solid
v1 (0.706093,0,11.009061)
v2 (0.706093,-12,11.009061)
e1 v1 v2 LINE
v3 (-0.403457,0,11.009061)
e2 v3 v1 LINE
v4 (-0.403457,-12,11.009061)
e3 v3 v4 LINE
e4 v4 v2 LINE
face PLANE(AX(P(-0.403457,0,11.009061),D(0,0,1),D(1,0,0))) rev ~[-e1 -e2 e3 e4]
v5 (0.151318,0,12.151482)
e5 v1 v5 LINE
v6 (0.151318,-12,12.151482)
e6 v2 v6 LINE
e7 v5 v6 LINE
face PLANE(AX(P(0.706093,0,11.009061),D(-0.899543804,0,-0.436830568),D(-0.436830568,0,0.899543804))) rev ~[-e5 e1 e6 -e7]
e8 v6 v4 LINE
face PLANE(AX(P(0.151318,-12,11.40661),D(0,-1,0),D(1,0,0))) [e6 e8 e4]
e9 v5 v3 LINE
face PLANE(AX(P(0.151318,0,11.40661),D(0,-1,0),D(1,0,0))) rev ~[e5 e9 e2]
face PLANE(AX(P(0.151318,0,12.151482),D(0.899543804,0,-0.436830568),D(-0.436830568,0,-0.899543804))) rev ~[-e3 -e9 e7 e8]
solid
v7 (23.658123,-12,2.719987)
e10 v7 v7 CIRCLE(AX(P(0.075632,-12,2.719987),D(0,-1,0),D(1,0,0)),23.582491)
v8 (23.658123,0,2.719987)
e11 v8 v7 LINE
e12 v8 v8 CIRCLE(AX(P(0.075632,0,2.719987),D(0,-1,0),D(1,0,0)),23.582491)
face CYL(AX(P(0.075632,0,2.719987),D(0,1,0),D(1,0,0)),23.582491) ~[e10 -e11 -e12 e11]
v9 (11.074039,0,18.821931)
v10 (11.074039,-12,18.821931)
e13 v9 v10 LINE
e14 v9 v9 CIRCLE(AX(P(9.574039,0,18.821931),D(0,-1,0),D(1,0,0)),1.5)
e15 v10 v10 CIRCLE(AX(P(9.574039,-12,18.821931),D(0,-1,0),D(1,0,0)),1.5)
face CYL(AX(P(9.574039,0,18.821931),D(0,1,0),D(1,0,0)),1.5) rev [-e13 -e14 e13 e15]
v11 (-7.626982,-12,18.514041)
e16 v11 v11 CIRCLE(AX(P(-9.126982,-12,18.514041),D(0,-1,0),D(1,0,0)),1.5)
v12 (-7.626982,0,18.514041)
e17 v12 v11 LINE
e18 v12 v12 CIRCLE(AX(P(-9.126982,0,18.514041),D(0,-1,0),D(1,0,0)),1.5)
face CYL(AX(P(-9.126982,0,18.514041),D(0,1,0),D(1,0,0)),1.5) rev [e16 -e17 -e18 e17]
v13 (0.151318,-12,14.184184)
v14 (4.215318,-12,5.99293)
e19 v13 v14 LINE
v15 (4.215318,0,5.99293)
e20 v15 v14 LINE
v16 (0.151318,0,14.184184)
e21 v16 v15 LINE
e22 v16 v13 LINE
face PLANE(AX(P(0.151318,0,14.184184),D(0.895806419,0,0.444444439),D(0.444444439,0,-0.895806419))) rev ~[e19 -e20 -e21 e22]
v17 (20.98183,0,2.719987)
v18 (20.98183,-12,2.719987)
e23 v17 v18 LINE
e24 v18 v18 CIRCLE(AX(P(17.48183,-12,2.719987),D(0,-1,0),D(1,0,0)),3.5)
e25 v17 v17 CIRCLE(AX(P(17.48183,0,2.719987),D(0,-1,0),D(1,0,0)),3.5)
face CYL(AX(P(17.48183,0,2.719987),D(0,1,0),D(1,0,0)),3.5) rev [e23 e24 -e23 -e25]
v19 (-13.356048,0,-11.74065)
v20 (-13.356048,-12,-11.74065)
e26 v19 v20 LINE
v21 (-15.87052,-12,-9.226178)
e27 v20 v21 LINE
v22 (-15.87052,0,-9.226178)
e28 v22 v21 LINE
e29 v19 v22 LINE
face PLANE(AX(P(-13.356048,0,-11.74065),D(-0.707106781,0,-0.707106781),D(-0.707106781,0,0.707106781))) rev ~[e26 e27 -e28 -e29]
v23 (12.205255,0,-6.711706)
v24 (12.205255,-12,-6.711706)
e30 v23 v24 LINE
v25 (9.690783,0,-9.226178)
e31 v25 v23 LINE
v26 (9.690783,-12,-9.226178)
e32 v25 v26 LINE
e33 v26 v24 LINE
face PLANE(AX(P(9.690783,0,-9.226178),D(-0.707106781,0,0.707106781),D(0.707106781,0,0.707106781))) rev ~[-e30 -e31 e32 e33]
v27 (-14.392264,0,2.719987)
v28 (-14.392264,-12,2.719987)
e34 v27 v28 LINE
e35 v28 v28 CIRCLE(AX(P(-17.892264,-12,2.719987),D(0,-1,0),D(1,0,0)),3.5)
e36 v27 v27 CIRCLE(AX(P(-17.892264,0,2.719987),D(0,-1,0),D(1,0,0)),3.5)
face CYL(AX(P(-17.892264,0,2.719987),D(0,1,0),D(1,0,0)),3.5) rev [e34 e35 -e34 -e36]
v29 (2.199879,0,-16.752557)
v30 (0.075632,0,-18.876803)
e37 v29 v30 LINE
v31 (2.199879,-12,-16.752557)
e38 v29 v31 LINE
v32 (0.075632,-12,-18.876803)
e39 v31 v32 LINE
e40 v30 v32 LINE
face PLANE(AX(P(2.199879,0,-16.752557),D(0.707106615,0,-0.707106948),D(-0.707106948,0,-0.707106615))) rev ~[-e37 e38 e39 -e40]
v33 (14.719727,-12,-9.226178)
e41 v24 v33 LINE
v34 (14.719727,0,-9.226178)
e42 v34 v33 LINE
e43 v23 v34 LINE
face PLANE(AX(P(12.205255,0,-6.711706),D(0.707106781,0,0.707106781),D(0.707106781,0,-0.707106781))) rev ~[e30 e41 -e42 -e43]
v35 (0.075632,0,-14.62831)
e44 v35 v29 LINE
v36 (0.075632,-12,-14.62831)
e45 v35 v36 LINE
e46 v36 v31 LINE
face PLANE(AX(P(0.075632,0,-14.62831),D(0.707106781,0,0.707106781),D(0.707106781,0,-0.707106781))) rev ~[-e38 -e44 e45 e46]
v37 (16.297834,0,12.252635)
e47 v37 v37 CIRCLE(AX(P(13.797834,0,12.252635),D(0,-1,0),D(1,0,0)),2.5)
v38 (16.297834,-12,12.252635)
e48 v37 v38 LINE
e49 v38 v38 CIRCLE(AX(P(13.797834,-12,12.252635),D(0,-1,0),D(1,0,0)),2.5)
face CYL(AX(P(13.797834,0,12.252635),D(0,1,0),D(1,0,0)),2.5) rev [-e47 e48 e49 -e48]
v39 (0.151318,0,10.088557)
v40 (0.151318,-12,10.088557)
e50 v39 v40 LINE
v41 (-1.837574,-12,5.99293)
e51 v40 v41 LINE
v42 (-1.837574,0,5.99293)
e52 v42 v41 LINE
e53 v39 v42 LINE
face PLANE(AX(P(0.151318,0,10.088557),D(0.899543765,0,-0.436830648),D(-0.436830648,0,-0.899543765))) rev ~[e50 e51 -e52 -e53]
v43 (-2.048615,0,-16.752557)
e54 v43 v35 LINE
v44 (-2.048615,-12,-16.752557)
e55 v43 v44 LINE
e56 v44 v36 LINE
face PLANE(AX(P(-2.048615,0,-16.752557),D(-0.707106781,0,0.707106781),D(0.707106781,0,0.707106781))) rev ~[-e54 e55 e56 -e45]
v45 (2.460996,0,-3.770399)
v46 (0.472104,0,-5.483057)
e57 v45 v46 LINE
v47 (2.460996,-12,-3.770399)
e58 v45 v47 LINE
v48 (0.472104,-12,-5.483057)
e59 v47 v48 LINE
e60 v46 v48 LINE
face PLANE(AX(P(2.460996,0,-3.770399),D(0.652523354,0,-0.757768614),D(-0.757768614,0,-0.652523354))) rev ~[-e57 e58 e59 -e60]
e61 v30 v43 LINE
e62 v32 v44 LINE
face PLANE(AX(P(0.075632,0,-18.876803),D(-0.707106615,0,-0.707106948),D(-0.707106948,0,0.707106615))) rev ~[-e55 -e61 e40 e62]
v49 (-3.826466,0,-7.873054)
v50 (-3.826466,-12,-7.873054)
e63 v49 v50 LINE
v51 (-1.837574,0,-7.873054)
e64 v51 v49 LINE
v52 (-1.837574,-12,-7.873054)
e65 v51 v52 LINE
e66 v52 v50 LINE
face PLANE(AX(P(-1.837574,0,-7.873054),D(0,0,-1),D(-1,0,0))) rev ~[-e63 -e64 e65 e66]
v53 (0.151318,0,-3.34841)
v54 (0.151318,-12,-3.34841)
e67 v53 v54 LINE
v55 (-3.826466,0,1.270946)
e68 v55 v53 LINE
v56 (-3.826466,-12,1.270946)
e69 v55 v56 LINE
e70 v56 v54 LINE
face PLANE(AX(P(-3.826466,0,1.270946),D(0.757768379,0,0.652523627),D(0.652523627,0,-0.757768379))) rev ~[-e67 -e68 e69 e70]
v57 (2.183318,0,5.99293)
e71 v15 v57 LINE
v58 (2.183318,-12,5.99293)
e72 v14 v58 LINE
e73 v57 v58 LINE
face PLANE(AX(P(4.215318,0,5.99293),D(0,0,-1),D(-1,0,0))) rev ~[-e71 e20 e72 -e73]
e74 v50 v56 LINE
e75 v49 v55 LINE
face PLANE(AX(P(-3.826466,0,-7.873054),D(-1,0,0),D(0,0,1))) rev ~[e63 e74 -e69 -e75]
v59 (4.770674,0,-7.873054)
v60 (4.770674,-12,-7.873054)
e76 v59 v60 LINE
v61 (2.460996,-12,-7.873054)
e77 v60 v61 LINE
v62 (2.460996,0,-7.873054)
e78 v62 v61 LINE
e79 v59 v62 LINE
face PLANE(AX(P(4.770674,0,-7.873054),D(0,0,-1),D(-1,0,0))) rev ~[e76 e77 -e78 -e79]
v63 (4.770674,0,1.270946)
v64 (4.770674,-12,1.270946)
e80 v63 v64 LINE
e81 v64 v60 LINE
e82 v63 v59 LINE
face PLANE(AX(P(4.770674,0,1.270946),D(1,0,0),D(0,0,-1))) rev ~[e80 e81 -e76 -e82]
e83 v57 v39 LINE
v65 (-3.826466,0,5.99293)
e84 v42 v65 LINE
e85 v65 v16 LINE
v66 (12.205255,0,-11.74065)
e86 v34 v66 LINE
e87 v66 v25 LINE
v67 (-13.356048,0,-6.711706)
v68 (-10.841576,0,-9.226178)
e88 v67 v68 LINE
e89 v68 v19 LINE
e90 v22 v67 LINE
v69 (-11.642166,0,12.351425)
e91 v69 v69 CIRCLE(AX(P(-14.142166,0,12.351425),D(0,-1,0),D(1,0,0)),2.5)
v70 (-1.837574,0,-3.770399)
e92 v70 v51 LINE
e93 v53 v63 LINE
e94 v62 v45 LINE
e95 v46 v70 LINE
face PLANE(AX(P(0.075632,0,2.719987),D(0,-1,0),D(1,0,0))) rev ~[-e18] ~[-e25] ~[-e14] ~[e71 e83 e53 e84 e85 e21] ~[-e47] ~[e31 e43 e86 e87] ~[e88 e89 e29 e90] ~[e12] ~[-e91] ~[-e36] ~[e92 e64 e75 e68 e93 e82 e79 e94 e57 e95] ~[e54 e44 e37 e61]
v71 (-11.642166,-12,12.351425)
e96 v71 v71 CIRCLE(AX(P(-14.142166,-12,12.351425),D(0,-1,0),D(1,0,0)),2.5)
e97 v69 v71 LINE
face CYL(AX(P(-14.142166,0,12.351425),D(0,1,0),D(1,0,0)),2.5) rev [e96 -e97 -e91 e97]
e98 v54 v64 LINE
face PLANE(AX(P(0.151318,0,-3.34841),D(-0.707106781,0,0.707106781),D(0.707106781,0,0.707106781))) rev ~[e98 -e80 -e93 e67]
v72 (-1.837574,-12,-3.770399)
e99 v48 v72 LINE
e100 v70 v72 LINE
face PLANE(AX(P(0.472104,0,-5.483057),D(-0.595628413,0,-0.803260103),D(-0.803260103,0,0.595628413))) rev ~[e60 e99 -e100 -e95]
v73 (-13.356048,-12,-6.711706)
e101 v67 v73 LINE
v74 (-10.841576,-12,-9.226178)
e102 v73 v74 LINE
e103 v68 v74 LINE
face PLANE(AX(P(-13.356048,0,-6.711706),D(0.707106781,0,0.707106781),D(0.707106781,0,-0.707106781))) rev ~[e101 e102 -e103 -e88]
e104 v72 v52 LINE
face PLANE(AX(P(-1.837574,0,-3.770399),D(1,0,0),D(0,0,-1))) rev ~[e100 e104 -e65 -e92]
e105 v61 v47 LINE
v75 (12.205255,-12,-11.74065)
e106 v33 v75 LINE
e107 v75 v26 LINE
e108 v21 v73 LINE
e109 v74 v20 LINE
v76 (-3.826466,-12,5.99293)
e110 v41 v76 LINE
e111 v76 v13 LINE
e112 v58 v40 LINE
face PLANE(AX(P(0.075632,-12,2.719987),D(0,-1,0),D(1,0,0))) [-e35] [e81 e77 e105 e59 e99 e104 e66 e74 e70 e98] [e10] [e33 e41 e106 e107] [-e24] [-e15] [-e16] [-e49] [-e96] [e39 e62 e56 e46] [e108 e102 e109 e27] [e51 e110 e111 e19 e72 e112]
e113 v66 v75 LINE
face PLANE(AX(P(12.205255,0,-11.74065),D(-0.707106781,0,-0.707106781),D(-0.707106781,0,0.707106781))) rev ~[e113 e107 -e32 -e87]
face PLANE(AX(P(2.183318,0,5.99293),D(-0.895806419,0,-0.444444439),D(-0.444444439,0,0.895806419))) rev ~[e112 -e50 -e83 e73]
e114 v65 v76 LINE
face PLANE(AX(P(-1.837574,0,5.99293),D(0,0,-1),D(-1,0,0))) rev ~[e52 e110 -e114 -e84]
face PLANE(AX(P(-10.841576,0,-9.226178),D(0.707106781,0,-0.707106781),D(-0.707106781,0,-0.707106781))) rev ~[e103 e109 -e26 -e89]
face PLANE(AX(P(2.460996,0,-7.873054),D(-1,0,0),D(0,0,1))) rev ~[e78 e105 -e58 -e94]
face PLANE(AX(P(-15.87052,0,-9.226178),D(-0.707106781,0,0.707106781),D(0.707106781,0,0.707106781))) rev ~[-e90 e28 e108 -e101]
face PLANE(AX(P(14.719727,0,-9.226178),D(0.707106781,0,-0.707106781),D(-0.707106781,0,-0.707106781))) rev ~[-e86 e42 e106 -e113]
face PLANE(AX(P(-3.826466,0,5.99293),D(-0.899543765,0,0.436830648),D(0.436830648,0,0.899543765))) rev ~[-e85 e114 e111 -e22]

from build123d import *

# Parameters (mm, degrees)
F0_R     = 23.582491
F0_R_2   = 3.5
F0_R_3   = 2.5
F0_R_4   = 1.5
F1_DEPTH = 12


with BuildPart() as f1:
    # F0 (on Front) → F1 (new body)
    with BuildSketch(Plane.XZ):
        with Locations((0.075632, 2.719987)):
            Circle(F0_R)
        Polygon((-15.87052, -9.226178), (-13.356048, -6.711706), (-10.841576, -9.226178), (-13.356048, -11.74065), align=None, mode=Mode.SUBTRACT)
        Polygon((-2.048615, -16.752557), (0.075632, -14.62831), (2.199879, -16.752557), (0.075632, -18.876803), align=None, mode=Mode.SUBTRACT)
        Polygon((12.205255, -11.74065), (9.690783, -9.226178), (12.205255, -6.711706), (14.719727, -9.226178), align=None, mode=Mode.SUBTRACT)
        Polygon((-3.826466, -7.873054), (-3.826466, 1.270946), (0.151318, -3.34841), (4.770674, 1.270946), (4.770674, -7.873054), (2.460996, -7.873054), (2.460996, -3.770399), (0.472104, -5.483057), (-1.837574, -3.770399), (-1.837574, -7.873054), align=None, mode=Mode.SUBTRACT)
        with Locations((-17.892264, 2.719987)):
            Circle(F0_R_2, mode=Mode.SUBTRACT)
        with Locations((-14.142166, 12.351425)):
            Circle(F0_R_3, mode=Mode.SUBTRACT)
        with Locations((-9.126982, 18.514041)):
            Circle(F0_R_4, mode=Mode.SUBTRACT)
        Polygon((-3.826466, 5.99293), (0.151318, 14.184184), (4.215318, 5.99293), (2.183318, 5.99293), (0.151318, 10.088557), (-1.837574, 5.99293), align=None, mode=Mode.SUBTRACT)
        with Locations((17.48183, 2.719987)):
            Circle(F0_R_2, mode=Mode.SUBTRACT)
        with Locations((13.797834, 12.252635)):
            Circle(F0_R_3, mode=Mode.SUBTRACT)
        with Locations((9.574039, 18.821931)):
            Circle(F0_R_4, mode=Mode.SUBTRACT)
        Polygon((0.706093, 11.009061), (0.151318, 12.151482), (-0.403457, 11.009061), align=None)
    extrude(amount=F1_DEPTH)


solid = f1.part
